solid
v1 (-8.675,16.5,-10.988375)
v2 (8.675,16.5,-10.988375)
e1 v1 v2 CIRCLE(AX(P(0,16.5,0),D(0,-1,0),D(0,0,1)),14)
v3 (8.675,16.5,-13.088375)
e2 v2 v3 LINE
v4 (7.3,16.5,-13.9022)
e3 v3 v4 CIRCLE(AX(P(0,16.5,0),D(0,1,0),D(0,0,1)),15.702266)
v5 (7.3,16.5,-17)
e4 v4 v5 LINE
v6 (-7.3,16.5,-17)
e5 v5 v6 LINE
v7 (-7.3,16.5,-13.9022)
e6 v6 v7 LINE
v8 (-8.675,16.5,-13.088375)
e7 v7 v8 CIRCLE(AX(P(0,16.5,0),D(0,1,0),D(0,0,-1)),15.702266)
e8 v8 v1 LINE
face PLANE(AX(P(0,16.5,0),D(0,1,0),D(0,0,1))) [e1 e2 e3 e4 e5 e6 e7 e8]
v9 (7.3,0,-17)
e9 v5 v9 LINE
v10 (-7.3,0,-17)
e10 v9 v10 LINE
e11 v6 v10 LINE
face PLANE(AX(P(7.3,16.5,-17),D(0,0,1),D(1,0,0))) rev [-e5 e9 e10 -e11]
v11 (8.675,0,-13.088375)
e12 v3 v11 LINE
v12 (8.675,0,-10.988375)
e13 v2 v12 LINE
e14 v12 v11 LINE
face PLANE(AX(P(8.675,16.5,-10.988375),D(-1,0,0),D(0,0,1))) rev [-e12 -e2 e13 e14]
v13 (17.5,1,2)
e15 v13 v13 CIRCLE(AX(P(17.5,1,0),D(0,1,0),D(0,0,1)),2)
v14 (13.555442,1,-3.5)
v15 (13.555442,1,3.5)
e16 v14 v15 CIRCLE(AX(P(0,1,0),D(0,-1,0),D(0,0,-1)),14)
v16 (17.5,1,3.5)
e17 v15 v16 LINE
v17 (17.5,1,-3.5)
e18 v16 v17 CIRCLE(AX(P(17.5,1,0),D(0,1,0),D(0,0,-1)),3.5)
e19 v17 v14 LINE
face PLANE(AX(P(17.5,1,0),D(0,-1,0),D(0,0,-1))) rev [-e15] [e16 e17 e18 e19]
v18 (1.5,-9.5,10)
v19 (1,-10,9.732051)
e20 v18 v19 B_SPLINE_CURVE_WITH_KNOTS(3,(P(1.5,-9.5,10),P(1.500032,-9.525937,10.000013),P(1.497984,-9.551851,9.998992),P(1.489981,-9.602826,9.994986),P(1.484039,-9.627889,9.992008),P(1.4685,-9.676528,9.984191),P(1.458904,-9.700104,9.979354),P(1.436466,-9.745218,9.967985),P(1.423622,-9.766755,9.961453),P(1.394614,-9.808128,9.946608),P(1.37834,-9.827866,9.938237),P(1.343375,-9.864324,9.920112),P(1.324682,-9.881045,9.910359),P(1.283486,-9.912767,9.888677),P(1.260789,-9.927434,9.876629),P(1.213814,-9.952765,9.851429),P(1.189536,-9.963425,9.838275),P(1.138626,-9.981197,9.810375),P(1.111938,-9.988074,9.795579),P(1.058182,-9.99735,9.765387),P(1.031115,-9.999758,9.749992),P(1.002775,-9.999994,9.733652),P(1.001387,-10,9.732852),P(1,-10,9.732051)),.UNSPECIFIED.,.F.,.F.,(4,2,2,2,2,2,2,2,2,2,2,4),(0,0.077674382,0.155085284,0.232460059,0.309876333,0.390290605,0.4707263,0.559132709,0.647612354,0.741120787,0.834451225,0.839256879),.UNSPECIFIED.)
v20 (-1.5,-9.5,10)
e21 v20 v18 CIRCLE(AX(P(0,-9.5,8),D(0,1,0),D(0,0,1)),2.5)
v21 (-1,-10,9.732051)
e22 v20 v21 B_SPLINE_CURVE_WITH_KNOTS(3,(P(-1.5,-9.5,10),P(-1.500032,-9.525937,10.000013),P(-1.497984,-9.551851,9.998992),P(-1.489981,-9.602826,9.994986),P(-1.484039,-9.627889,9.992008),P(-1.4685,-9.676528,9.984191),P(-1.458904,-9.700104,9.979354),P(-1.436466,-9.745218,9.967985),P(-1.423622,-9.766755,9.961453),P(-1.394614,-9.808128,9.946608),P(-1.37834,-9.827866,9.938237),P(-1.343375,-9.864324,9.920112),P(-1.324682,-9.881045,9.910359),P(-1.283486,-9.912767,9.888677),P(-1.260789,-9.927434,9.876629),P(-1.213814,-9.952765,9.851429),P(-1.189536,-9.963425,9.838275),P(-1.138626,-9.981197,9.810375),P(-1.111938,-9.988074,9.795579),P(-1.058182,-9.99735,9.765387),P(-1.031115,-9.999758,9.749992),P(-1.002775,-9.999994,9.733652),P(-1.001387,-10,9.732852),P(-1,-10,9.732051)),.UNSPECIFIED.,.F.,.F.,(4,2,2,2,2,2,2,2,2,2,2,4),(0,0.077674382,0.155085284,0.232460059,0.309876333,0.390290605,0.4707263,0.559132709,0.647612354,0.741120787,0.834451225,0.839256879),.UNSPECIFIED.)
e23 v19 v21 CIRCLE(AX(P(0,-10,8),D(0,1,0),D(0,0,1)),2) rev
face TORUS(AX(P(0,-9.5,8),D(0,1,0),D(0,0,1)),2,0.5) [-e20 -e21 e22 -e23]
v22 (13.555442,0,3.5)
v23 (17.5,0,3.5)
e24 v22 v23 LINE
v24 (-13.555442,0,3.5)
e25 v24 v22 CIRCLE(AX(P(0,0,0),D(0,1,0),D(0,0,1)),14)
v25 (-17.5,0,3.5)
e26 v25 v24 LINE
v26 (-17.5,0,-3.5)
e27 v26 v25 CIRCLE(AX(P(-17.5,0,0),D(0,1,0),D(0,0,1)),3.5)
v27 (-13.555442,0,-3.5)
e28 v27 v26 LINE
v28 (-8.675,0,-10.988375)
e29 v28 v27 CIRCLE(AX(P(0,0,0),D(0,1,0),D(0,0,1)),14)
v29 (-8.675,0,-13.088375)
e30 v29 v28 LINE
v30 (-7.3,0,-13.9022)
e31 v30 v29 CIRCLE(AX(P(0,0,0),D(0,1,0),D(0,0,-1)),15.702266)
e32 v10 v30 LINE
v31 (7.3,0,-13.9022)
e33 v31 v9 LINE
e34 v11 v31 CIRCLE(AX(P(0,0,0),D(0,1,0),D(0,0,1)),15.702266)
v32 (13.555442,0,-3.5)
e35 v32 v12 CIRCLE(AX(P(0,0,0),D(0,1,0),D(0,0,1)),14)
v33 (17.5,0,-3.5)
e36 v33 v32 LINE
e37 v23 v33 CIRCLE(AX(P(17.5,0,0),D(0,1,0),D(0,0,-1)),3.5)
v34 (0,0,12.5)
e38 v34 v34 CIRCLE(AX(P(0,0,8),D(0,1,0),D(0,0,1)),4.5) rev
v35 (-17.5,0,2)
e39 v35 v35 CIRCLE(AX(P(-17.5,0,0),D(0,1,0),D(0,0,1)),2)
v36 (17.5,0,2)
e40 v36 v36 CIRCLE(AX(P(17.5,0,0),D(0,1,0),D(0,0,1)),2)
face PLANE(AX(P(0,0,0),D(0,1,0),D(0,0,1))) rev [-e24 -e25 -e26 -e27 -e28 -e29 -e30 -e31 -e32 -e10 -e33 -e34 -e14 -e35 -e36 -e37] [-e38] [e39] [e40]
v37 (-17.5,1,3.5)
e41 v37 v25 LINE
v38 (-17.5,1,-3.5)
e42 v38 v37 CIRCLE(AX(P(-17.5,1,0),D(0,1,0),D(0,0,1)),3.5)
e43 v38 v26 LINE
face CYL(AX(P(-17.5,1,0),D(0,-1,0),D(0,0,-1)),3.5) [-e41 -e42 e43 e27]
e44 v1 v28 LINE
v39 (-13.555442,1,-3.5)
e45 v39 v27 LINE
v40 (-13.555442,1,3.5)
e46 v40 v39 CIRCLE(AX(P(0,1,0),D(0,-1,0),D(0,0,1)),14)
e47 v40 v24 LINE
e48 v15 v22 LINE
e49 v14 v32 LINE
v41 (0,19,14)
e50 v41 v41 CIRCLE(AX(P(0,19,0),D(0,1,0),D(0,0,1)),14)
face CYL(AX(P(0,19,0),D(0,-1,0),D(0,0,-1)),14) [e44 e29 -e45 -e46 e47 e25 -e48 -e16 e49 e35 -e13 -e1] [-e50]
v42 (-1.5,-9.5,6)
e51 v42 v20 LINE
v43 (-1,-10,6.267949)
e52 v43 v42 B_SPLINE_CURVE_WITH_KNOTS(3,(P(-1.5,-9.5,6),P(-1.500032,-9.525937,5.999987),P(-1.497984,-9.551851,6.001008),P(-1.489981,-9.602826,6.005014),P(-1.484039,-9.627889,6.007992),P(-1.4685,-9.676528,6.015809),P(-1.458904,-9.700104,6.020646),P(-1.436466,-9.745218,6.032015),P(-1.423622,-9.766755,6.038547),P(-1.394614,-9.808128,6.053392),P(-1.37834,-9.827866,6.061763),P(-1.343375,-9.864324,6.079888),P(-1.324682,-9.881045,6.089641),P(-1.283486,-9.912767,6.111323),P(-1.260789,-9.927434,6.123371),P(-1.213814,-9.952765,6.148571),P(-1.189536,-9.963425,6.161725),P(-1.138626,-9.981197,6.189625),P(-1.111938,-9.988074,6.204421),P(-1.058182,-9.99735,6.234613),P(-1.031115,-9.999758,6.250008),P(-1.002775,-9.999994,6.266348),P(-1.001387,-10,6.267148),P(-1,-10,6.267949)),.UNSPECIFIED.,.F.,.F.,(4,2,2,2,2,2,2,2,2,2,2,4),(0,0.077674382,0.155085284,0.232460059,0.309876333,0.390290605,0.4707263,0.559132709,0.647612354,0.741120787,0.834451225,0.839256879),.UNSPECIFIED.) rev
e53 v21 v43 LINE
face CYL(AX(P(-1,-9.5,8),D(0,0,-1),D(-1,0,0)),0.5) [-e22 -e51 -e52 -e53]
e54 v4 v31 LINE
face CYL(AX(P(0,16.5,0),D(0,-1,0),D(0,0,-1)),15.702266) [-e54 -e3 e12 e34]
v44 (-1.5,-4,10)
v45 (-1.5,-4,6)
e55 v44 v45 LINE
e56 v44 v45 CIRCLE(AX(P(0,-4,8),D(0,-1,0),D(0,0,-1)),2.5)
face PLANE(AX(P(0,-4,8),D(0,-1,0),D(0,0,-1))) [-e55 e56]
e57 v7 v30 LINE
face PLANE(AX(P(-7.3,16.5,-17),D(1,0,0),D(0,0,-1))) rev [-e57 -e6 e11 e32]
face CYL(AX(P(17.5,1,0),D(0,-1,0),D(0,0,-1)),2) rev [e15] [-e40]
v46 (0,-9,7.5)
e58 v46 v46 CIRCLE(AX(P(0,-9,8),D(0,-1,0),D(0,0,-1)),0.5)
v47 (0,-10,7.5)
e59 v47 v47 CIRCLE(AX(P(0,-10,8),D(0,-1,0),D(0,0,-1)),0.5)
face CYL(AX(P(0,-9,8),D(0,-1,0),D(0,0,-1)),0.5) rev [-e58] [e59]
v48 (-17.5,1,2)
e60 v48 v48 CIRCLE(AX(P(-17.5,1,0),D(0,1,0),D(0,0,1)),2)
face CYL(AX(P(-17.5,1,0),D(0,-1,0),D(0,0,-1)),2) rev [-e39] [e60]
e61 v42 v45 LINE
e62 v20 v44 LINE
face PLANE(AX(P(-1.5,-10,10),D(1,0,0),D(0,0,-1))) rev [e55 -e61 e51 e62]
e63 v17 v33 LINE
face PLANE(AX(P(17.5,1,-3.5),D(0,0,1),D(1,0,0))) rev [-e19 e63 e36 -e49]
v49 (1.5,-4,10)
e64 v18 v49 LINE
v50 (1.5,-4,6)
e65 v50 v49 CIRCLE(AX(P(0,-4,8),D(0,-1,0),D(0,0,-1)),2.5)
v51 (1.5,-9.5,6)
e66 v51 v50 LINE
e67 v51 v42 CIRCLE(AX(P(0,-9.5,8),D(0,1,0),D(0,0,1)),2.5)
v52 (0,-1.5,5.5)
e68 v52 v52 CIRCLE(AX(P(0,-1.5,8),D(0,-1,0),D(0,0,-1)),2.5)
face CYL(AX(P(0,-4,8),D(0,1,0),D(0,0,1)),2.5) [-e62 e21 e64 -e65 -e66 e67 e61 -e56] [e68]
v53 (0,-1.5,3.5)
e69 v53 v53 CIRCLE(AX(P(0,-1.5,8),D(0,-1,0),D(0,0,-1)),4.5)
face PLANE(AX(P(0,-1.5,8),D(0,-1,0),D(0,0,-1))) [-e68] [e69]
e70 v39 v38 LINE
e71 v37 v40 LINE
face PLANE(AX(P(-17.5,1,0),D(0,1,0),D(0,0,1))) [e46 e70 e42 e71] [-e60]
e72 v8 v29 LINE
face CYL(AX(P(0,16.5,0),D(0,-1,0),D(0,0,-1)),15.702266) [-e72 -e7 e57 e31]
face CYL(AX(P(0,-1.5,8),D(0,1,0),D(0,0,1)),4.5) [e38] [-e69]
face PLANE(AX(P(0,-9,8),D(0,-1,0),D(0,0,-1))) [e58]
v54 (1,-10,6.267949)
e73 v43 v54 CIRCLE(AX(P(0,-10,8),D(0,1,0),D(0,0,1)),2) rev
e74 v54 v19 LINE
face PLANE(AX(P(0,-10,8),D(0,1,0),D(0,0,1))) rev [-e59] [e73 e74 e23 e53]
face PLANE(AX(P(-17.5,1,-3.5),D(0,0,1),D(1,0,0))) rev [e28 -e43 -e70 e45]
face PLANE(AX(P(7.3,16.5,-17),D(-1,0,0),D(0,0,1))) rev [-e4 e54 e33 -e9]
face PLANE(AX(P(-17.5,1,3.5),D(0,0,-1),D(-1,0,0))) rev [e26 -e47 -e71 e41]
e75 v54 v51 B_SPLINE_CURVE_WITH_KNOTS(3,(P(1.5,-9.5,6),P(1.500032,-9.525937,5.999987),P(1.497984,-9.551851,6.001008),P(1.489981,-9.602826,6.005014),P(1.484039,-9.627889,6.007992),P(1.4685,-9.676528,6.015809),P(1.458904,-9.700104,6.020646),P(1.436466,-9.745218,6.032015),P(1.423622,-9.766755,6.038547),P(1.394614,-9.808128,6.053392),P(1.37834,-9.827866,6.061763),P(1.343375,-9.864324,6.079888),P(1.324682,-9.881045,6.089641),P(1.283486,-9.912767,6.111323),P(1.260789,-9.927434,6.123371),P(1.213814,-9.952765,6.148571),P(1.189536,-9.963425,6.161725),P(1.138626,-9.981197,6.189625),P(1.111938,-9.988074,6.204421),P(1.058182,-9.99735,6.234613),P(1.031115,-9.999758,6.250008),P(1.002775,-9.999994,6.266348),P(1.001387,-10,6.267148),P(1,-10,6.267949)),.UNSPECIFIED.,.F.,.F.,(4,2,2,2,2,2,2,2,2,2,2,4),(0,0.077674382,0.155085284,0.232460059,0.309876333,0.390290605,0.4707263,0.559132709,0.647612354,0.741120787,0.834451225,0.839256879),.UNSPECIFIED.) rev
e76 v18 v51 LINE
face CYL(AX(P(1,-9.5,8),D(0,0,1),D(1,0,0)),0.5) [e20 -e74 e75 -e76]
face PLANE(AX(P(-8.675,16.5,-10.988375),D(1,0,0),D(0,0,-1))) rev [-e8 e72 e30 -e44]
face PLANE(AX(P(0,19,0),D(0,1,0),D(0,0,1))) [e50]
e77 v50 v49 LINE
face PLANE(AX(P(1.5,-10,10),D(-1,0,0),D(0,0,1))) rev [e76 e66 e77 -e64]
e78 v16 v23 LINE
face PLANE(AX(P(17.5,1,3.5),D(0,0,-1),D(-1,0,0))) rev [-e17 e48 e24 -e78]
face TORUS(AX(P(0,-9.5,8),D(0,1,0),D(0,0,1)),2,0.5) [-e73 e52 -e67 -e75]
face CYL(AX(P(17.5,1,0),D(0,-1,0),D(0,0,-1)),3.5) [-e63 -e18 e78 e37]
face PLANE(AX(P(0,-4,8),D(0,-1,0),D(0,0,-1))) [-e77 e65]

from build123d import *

# Parameters (mm, degrees)
SKETCH1_R           = 14
BOSS_EXTRUDE1_DEPTH = 19
BOSS_EXTRUDE2_DEPTH = 16.5
SKETCH3_R           = 2
BOSS_EXTRUDE3_DEPTH = 1
SKETCH4_R           = 4.5
BOSS_EXTRUDE4_DEPTH = 1.5
SKETCH5_R           = 2.5
BOSS_EXTRUDE5_DEPTH = 2.5
BOSS_EXTRUDE6_DEPTH = 6
FILLET1_R           = 0.5
SKETCH7_R           = 0.5
CUT_EXTRUDE1_DEPTH  = 1


with BuildPart() as part:
    # Sketch1 → Boss-Extrude1 (new body)
    with BuildSketch(Plane(origin=(0, 0, 0), x_dir=(1, 0, 0), z_dir=(0, 1, 0))):
        Circle(SKETCH1_R)
    extrude(amount=BOSS_EXTRUDE1_DEPTH)

    # Sketch2 → Boss-Extrude2 (add)
    with BuildSketch(Plane(origin=(0, 0, 0), x_dir=(1, 0, 0), z_dir=(0, 1, 0))):
        with BuildLine():
            Line((7.3, 17), (-7.3, 17))
            Line((-7.3, 17), (-7.3, 13.902200296))
            ThreePointArc((-7.3, 13.902200296), (-7.99785811, 13.51278797), (-8.675, 13.088374539))
            Line((-8.675, 13.088374539), (-8.675, 10.988374539))
            ThreePointArc((-8.675, 10.988374539), (0, 14), (8.675, 10.988374539))
            Line((8.675, 10.988374539), (8.675, 13.088374539))
            ThreePointArc((8.675, 13.088374539), (7.99785811, 13.51278797), (7.3, 13.902200296))
            Line((7.3, 13.902200296), (7.3, 17))
        make_face()
    extrude(amount=BOSS_EXTRUDE2_DEPTH)

    # Sketch3 → Boss-Extrude3 (add)
    with BuildSketch(Plane(origin=(0, 0, 0), x_dir=(1, 0, 0), z_dir=(0, 1, 0))):
        with BuildLine():
            Line((-17.5, 3.5), (-13.555441712, 3.5))
            ThreePointArc((-13.555441712, 3.5), (-14, 0), (-13.555441712, -3.5))
            Line((-13.555441712, -3.5), (-17.5, -3.5))
            ThreePointArc((-17.5, -3.5), (-21, 0), (-17.5, 3.5))
        make_face()
        with Locations((-17.5, 0)):
            Circle(SKETCH3_R, mode=Mode.SUBTRACT)
        with BuildLine():
            Line((17.5, 3.5), (13.555441712, 3.5))
            ThreePointArc((13.555441712, 3.5), (14, 0), (13.555441712, -3.5))
            Line((13.555441712, -3.5), (17.5, -3.5))
            ThreePointArc((17.5, -3.5), (21, 0), (17.5, 3.5))
        make_face()
        with Locations((17.5, 0)):
            Circle(SKETCH3_R, mode=Mode.SUBTRACT)
    extrude(amount=BOSS_EXTRUDE3_DEPTH)

    # Sketch4 → Boss-Extrude4 (add)
    with BuildSketch(Plane.XZ):
        with Locations((0, 8)):
            Circle(SKETCH4_R)
    extrude(amount=BOSS_EXTRUDE4_DEPTH)

    # Sketch5 → Boss-Extrude5 (add)
    with BuildSketch(Plane.XZ.offset(1.5)):
        with Locations((0, 8)):
            Circle(SKETCH5_R)
    extrude(amount=BOSS_EXTRUDE5_DEPTH)

    # Sketch6 → Boss-Extrude6 (add)
    with BuildSketch(Plane.XZ.offset(4)):
        with BuildLine():
            Line((-1.5, 10), (-1.5, 6))
            ThreePointArc((-1.5, 6), (0, 5.5), (1.5, 6))
            Line((1.5, 6), (1.5, 10))
            ThreePointArc((1.5, 10), (0, 10.5), (-1.5, 10))
        make_face()
    extrude(amount=BOSS_EXTRUDE6_DEPTH)

    # Fillet1
    fillet1_edges = [part.edges().sort_by_distance(p)[0] for p in [
        (0, -10, 10.5),
        (-1.5, -10, 8),
        (0, -10, 5.5),
        (1.5, -10, 8),
    ]]
    fillet(fillet1_edges, radius=FILLET1_R)

    # Sketch7 → Cut-Extrude1 (cut)
    with BuildSketch(Plane.XZ.offset(10)):
        with Locations((0, 8)):
            Circle(SKETCH7_R)
    extrude(amount=-CUT_EXTRUDE1_DEPTH, mode=Mode.SUBTRACT)


solid = part.part
